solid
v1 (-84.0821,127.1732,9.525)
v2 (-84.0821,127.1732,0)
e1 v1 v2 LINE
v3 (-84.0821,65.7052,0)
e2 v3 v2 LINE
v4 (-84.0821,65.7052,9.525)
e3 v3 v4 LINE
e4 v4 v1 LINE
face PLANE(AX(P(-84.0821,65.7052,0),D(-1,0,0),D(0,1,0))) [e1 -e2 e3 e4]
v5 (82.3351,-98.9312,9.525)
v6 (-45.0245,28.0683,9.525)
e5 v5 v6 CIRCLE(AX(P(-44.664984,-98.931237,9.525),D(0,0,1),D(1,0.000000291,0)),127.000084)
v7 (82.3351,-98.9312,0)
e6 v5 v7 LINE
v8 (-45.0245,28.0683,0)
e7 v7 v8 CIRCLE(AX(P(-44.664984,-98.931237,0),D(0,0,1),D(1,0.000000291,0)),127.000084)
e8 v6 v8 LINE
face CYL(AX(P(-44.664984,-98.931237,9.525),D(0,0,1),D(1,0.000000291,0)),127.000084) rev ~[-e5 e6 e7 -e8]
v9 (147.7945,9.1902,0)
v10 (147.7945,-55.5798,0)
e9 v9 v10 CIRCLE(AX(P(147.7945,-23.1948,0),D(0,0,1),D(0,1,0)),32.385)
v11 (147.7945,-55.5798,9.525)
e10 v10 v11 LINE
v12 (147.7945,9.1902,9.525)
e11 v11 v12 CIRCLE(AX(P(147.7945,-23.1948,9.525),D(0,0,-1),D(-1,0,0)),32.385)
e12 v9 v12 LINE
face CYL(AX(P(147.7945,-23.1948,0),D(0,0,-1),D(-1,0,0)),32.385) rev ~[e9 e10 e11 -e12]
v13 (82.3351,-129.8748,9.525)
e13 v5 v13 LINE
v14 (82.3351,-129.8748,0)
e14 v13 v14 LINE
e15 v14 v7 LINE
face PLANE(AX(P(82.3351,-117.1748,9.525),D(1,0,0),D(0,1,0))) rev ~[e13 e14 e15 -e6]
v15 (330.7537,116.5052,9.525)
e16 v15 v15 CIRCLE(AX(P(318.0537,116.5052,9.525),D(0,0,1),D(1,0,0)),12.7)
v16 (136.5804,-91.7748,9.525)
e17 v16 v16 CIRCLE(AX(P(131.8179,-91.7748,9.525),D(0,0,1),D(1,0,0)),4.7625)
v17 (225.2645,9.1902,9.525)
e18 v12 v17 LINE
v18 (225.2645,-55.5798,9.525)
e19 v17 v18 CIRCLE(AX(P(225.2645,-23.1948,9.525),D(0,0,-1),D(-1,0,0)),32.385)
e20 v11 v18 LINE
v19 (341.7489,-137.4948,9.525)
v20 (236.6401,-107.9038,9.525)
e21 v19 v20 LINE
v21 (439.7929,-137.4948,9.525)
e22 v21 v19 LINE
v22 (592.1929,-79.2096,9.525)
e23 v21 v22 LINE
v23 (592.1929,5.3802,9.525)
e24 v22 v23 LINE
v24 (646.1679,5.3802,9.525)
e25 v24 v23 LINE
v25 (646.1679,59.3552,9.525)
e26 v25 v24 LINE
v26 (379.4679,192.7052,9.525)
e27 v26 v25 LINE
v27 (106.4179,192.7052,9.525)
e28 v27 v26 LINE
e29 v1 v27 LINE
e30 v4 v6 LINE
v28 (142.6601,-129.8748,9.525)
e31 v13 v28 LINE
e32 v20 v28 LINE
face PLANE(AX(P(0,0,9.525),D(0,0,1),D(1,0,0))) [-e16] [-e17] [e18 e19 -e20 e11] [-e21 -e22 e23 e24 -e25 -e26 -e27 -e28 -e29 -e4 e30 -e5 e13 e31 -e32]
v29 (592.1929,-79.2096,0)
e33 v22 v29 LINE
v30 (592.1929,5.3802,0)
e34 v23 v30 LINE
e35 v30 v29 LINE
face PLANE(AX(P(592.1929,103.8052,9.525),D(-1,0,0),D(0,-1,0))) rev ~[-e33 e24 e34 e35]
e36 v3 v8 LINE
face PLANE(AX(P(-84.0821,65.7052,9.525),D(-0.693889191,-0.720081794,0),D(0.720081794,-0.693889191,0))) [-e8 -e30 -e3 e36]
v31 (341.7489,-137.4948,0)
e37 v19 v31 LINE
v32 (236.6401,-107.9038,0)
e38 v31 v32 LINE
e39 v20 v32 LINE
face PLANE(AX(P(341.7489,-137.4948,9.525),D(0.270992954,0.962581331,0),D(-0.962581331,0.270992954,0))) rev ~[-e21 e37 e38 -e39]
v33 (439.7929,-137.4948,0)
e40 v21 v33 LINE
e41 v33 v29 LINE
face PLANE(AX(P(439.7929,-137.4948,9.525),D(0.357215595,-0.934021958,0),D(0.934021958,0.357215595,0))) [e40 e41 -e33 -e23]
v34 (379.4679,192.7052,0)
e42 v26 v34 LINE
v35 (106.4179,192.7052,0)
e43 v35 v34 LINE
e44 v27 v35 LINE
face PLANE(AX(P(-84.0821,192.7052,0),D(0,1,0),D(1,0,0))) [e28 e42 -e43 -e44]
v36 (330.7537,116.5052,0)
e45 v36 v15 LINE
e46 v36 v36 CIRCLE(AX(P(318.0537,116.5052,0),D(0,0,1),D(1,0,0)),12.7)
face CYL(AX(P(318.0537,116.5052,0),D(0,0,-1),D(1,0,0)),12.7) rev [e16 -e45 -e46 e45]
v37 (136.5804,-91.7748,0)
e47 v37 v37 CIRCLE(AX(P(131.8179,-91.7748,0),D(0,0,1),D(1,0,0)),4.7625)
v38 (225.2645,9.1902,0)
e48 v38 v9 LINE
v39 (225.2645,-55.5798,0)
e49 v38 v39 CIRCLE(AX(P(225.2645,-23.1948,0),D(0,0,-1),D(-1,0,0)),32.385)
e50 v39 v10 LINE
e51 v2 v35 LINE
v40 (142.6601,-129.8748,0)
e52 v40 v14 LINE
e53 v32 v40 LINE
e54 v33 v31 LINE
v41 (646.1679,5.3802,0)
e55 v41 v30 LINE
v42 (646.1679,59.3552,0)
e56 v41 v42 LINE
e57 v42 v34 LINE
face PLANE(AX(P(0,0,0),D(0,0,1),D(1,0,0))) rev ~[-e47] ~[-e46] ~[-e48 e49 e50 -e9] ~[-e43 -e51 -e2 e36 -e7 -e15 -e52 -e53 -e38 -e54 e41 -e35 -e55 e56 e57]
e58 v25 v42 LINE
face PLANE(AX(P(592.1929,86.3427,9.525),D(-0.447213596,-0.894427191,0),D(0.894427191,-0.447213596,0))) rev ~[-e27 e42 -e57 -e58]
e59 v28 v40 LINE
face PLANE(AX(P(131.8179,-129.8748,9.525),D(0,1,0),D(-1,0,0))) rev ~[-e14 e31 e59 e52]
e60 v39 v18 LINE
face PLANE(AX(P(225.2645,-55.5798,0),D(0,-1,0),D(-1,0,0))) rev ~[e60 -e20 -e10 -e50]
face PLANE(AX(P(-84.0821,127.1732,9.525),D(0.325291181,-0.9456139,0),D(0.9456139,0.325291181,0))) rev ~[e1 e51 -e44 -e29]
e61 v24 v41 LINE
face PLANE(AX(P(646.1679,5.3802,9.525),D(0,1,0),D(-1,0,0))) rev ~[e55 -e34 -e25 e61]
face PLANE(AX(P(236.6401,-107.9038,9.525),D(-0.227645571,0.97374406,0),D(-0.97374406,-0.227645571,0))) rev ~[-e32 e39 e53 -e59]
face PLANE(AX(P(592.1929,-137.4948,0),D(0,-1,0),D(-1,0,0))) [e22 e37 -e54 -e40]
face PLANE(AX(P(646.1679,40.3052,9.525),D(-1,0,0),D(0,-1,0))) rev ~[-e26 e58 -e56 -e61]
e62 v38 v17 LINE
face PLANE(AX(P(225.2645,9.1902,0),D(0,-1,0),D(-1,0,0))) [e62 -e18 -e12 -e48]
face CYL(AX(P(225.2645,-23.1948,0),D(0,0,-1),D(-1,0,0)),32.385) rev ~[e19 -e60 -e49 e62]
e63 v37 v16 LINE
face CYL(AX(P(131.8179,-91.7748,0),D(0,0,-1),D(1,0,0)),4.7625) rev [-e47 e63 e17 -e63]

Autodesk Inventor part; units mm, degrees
ref_plane "YZ Plane" through (0, 0, 0) normal (1, 0, 0) x (0, 1, 0)
ref_plane "XZ Plane" through (0, 0, 0) normal (0, 1, 0) x (-1, 0, 0)
ref_plane "XY Plane" through (0, 0, 0) normal (0, 0, 1) x (1, 0, 0)
sketch "Sketch1" plane through (0, 0, 0) normal (0, 0, 1) x (1, 0, 0)
  line L0 (-84.0821, 192.7052) -> (642.9929, 192.7052)
  line L1 (642.9929, 192.7052) -> (642.9929, -137.4948)
  line L2 (642.9929, -137.4948) -> (-84.0821, -137.4948)
  line L3 (-84.0821, -137.4948) -> (-84.0821, 192.7052)
  circle A0 centre (131.8179, -91.7748) radius 4.7625
  circle A1 centre (318.0537, 116.5052) radius 12.7
  line L4 (642.9929, -137.4948) -> (592.1929, -137.4948)
  line L5 (592.1929, -137.4948) -> (592.1929, -73.9948)
  line L6 (592.1929, -73.9948) -> (642.9929, -73.9948)
  line L7 (642.9929, -73.9948) -> (642.9929, -137.4948)
  line L8 (642.9929, 192.7052) -> (592.6352, 192.7052)
  line L9 (642.9929, 2.2052) -> (642.9929, 192.7052)
  line L10 (-84.0821, 53.0052) -> (5.7204, 53.0052) construction
  line L11 (-84.0821, 65.7052) -> (68.3179, -137.4948)
  line L12 (595.3679, 192.7052) -> (595.3679, 2.2052)
  line L13 (595.3679, 2.2052) -> (642.9929, 2.2052)
  point P0 (0, 0)
  dimension "d0" = 727.075
  dimension "d2" = 9.525
  dimension "d3" = 25.4
  dimension "d4" = 215.9
  dimension "d5" = 279.4
  dimension "d14" = 152.4
  dimension "d15" = 203.2
  dimension "d16" = 330.2
  dimension "d17" = 63.5
  dimension "d19" = 50.8
  dimension "d20" = 139.7
  dimension "d21" = 45.72
  dimension "d22" = 254
extrude "Extrusion1" add sketch "Sketch1" along normal blind 9.525 contours L0 L12 L13 L1 L6 L5 L2 L11 L3
sketch "Sketch2" plane through (0, 0, 9.525) normal (0, 0, 1) x (1, 0, 0)
  line L0 (595.3679, 2.2052) -> (595.3679, 192.7052) projected
  line L1 (595.3679, 192.7052) -> (-84.0821, 192.7052) projected
  line L2 (-84.0821, 192.7052) -> (-84.0821, 65.7052) projected
  line L3 (68.3179, -137.4948) -> (592.1929, -137.4948) projected
  line L4 (592.1929, -137.4948) -> (592.1929, -73.9948) projected
  line L5 (-84.0821, 127.1732) -> (106.4179, 192.7052)
  line L6 (379.4679, 192.7052) -> (646.1679, 59.3552)
  line L7 (595.3679, 84.7552) -> (595.3679, 192.7052)
  point P0 (0, 0)
  dimension "d25" = 190.5
  dimension "d26" = 61.468
  dimension "d28" = 196.85
  dimension "d30" = 53.975
  dimension "d31" = 212.725
extrude "Extrusion2" cut sketch "Sketch2" against normal blind 25.4
sketch "Sketch3" plane through (0, 0, 9.525) normal (0, 0, 1) x (1, 0, 0)
  line L0 (592.1929, -137.4948) -> (740.2432, -137.4948)
  line L1 (740.2432, -137.4948) -> (740.2432, 103.8052)
  line L2 (740.2432, 103.8052) -> (592.1929, 103.8052)
  line L3 (592.1929, 103.8052) -> (592.1929, -137.4948)
  point P0 (0, 0)
extrude "Extrusion3" cut sketch "Sketch3" against normal blind 25.4
sketch "Sketch4" plane through (0, 0, 9.525) normal (0, 0, 1) x (1, 0, 0)
  line L0 (592.1929, -137.4948) -> (592.1929, 86.3427) projected
  line L1 (592.1929, 86.3427) -> (379.4679, 192.7052) projected
  line L2 (68.3179, -137.4948) -> (592.1929, -137.4948) projected
  line L3 (592.1929, 86.3427) -> (646.1679, 59.3552)
  line L4 (646.1679, 59.3552) -> (646.1679, 40.3052)
  line L5 (646.1679, 40.3052) -> (592.1929, 40.3052)
  point P0 (0, 0)
  dimension "d37" = 53.975
  dimension "d38" = 19.05
extrude "Extrusion4" add sketch "Sketch4" against normal blind 9.525
sketch "Sketch5" plane through (0, 0, 9.525) normal (0, 0, 1) x (1, 0, 0)
  line L0 (592.1929, 40.3052) -> (646.1679, 40.3052)
  line L1 (646.1679, 40.3052) -> (646.1679, 5.3802)
  line L2 (646.1679, 5.3802) -> (592.1929, 5.3802)
  line L3 (592.1929, 5.3802) -> (592.1929, 40.3052)
  point P0 (0, 0)
  dimension "d41" = 34.925
extrude "Extrusion5" add sketch "Sketch5" against normal blind 9.525
sketch "Sketch6" plane through (0, 0, 9.525) normal (0, 0, 1) x (1, 0, 0)
  line L0 (-84.0821, 65.7052) -> (68.3179, -137.4948)
  line L1 (68.3179, -137.4948) -> (592.1929, -137.4948)
  line L2 (592.1929, -137.4948) -> (592.1929, 40.3052)
  line L3 (147.7945, 9.1902) -> (225.2645, 9.1902)
  line L4 (341.7489, -137.4948) -> (170.3104, -117.1748)
  line L5 (170.3104, -117.1748) -> (53.0779, -117.1748)
  line L6 (68.3179, -137.4948) -> (592.1929, -137.4948) projected
  line L7 (592.1929, -96.6594) -> (439.7929, -137.4948)
  line L8 (439.7929, -137.4948) -> (592.1929, -137.4948)
  line L9 (592.1929, -137.4948) -> (592.1929, -96.6594)
  point P0 (0, 0)
  point P1 (0, 0)
  dimension "d47" = 20.32
  dimension "d50" = 152.4
  dimension "d53" = 173.24
  dimension "d54" = 165
  dimension "d55" = 98.044
extrude "Extrusion7" cut sketch "Sketch6" against normal blind 25.4
sketch "Sketch7" plane through (0, 0, 0) normal (0, 0, -1) x (-1, 0, 0)
  line L0 (-68.3179, -137.4948) -> (-592.1929, -137.4948)
  line L1 (84.0821, 192.7052) -> (84.0821, 65.7052)
  circle A0 centre (-147.7945, -23.1948) radius 32.385
  circle A1 centre (-225.2645, -23.1948) radius 32.385
  line L2 (-225.2645, 9.1902) -> (-147.7945, 9.1902)
  line L3 (-225.2645, -55.5798) -> (-147.7945, -55.5798)
  circle A2 centre (-323.5837, 116.5052) radius 12.7
  line L4 (-595.3679, 192.7052) -> (-595.3679, 2.2052)
  line L5 (-595.3679, 2.2052) -> (-642.9929, 2.2052)
  line L6 (-642.9929, -73.9948) -> (-642.9929, 2.2052)
  line L7 (-642.9929, -73.9948) -> (-592.1929, -73.9948)
  line L8 (-592.1929, -73.9948) -> (-592.1929, -137.4948)
  line L9 (84.0821, 65.7052) -> (-68.3179, -137.4948)
  line L10 (-595.3679, 192.7052) -> (84.0821, 192.7052)
  circle A3 centre (-131.8179, -86.6948) radius 4.7625
  point P0 (0, 0)
  point P1 (0, 0)
  dimension "d56" = 64.77
  dimension "d57" = 231.8766
  dimension "d58" = 114.3
  dimension "d59" = 64.77
  dimension "d60" = 77.47
extrude "Extrusion8" cut sketch "Sketch7" against normal blind 25.4 contours A0 | A0 L3 A1 L2 | A1
sketch "Sketch8" plane through (0, 0, 9.525) normal (0, 0, 1) x (1, 0, 0)
  line L0 (-84.0821, 65.7052) -> (53.0779, -117.1748) projected
  line L1 (-84.0821, 127.1732) -> (-84.0821, 65.7052) projected
  line L2 (53.0779, -117.1748) -> (170.3104, -117.1748) projected
  arc A0 (82.3351, -98.9312) -> (-55.5071, 27.6052) centre (-44.6649, -98.9312) ccw
  line L3 (341.7489, -137.4948) -> (439.7929, -137.4948) projected
  line L4 (82.3351, -117.1748) -> (82.3351, -74.3195)
  point P0 (0, 0)
  point P1 (81.0179, -117.1748)
  dimension "d65" = 38.1
  dimension "d68" = 127
  dimension "d69" = 165.1
extrude "Extrusion9" cut sketch "Sketch8" against normal blind 25.4
sketch "Sketch12" plane through (0, 0, 9.525) normal (0, 0, 1) x (1, 0, 0)
  line L0 (341.7489, -137.4948) -> (439.7929, -137.4948) projected
  line L1 (439.7929, -137.4948) -> (592.1929, -96.6594) projected
  line L2 (592.1929, -96.6594) -> (592.1929, 5.3802) projected
  line L3 (439.7929, -137.4948) -> (592.1929, -79.2096)
  point P0 (341.4151, -137.4948)
  point P1 (0, 0)
  dimension "d85" = 17.4498
extrude "Extrusion13" cut sketch "Sketch12" against normal blind 9.525
sketch "Sketch16" plane through (0, 0, 9.525) normal (0, 0, 1) x (1, 0, 0)
  circle A0 centre (131.8179, -91.7748) radius 4.7625 projected
  line L0 (82.3351, -117.1748) -> (170.3104, -117.1748) projected
  line L1 (170.3104, -117.1748) -> (341.7489, -137.4948) projected
  line L2 (341.7489, -137.4948) -> (439.7929, -137.4948) projected
  circle A1 centre (131.8179, -91.7748) radius 38.1
  line L3 (131.8179, -129.8748) -> (82.3351, -129.8748)
  line L4 (82.3351, -129.8748) -> (277.4594, -129.8748)
  line L5 (82.3351, -129.8748) -> (82.3351, -117.1748)
  point P0 (0, 0)
  dimension "d108" = 76.2
extrude "Extrusion18" add sketch "Sketch16" against normal blind 9.525 contours L0 A1 L3 L5 | L0 A1 | L0 L1 L4 A1 picked at (139.3083, -118.9641)
sketch "Sketch17" plane through (0, 0, 9.525) normal (0, 0, 1) x (1, 0, 0)
  line L0 (82.3351, -98.9312) -> (82.3351, -129.8748) projected
  line L1 (82.3351, -129.8748) -> (277.4594, -129.8748) projected
  line L2 (277.4594, -129.8748) -> (341.7489, -137.4948) projected
  line L3 (341.7489, -137.4948) -> (236.6401, -107.9038)
  line L4 (236.6401, -107.9038) -> (142.6601, -129.8748)
  point P0 (0, 0)
  dimension "d111" = 154.305
  dimension "d112" = 21.971
  dimension "d115" = 60.325
extrude "Extrusion19" cut sketch "Sketch17" against normal blind 9.525
sketch "Sketch18" plane through (0, 0, 9.525) normal (0, 0, 1) x (1, 0, 0)
  line L0 (-84.0821, 65.7052) -> (-55.5071, 27.6052) projected
  arc A0 (82.3351, -98.9312) -> (-55.5071, 27.6052) centre (-44.6649, -98.9312) ccw projected
  line L1 (-84.0821, 65.7052) -> (-45.0245, 28.0683)
  point P0 (0, 0)
extrude "Extrusion20" cut sketch "Sketch18" against normal blind 9.525
properties part number "ShooterMountRight_NERDS"
